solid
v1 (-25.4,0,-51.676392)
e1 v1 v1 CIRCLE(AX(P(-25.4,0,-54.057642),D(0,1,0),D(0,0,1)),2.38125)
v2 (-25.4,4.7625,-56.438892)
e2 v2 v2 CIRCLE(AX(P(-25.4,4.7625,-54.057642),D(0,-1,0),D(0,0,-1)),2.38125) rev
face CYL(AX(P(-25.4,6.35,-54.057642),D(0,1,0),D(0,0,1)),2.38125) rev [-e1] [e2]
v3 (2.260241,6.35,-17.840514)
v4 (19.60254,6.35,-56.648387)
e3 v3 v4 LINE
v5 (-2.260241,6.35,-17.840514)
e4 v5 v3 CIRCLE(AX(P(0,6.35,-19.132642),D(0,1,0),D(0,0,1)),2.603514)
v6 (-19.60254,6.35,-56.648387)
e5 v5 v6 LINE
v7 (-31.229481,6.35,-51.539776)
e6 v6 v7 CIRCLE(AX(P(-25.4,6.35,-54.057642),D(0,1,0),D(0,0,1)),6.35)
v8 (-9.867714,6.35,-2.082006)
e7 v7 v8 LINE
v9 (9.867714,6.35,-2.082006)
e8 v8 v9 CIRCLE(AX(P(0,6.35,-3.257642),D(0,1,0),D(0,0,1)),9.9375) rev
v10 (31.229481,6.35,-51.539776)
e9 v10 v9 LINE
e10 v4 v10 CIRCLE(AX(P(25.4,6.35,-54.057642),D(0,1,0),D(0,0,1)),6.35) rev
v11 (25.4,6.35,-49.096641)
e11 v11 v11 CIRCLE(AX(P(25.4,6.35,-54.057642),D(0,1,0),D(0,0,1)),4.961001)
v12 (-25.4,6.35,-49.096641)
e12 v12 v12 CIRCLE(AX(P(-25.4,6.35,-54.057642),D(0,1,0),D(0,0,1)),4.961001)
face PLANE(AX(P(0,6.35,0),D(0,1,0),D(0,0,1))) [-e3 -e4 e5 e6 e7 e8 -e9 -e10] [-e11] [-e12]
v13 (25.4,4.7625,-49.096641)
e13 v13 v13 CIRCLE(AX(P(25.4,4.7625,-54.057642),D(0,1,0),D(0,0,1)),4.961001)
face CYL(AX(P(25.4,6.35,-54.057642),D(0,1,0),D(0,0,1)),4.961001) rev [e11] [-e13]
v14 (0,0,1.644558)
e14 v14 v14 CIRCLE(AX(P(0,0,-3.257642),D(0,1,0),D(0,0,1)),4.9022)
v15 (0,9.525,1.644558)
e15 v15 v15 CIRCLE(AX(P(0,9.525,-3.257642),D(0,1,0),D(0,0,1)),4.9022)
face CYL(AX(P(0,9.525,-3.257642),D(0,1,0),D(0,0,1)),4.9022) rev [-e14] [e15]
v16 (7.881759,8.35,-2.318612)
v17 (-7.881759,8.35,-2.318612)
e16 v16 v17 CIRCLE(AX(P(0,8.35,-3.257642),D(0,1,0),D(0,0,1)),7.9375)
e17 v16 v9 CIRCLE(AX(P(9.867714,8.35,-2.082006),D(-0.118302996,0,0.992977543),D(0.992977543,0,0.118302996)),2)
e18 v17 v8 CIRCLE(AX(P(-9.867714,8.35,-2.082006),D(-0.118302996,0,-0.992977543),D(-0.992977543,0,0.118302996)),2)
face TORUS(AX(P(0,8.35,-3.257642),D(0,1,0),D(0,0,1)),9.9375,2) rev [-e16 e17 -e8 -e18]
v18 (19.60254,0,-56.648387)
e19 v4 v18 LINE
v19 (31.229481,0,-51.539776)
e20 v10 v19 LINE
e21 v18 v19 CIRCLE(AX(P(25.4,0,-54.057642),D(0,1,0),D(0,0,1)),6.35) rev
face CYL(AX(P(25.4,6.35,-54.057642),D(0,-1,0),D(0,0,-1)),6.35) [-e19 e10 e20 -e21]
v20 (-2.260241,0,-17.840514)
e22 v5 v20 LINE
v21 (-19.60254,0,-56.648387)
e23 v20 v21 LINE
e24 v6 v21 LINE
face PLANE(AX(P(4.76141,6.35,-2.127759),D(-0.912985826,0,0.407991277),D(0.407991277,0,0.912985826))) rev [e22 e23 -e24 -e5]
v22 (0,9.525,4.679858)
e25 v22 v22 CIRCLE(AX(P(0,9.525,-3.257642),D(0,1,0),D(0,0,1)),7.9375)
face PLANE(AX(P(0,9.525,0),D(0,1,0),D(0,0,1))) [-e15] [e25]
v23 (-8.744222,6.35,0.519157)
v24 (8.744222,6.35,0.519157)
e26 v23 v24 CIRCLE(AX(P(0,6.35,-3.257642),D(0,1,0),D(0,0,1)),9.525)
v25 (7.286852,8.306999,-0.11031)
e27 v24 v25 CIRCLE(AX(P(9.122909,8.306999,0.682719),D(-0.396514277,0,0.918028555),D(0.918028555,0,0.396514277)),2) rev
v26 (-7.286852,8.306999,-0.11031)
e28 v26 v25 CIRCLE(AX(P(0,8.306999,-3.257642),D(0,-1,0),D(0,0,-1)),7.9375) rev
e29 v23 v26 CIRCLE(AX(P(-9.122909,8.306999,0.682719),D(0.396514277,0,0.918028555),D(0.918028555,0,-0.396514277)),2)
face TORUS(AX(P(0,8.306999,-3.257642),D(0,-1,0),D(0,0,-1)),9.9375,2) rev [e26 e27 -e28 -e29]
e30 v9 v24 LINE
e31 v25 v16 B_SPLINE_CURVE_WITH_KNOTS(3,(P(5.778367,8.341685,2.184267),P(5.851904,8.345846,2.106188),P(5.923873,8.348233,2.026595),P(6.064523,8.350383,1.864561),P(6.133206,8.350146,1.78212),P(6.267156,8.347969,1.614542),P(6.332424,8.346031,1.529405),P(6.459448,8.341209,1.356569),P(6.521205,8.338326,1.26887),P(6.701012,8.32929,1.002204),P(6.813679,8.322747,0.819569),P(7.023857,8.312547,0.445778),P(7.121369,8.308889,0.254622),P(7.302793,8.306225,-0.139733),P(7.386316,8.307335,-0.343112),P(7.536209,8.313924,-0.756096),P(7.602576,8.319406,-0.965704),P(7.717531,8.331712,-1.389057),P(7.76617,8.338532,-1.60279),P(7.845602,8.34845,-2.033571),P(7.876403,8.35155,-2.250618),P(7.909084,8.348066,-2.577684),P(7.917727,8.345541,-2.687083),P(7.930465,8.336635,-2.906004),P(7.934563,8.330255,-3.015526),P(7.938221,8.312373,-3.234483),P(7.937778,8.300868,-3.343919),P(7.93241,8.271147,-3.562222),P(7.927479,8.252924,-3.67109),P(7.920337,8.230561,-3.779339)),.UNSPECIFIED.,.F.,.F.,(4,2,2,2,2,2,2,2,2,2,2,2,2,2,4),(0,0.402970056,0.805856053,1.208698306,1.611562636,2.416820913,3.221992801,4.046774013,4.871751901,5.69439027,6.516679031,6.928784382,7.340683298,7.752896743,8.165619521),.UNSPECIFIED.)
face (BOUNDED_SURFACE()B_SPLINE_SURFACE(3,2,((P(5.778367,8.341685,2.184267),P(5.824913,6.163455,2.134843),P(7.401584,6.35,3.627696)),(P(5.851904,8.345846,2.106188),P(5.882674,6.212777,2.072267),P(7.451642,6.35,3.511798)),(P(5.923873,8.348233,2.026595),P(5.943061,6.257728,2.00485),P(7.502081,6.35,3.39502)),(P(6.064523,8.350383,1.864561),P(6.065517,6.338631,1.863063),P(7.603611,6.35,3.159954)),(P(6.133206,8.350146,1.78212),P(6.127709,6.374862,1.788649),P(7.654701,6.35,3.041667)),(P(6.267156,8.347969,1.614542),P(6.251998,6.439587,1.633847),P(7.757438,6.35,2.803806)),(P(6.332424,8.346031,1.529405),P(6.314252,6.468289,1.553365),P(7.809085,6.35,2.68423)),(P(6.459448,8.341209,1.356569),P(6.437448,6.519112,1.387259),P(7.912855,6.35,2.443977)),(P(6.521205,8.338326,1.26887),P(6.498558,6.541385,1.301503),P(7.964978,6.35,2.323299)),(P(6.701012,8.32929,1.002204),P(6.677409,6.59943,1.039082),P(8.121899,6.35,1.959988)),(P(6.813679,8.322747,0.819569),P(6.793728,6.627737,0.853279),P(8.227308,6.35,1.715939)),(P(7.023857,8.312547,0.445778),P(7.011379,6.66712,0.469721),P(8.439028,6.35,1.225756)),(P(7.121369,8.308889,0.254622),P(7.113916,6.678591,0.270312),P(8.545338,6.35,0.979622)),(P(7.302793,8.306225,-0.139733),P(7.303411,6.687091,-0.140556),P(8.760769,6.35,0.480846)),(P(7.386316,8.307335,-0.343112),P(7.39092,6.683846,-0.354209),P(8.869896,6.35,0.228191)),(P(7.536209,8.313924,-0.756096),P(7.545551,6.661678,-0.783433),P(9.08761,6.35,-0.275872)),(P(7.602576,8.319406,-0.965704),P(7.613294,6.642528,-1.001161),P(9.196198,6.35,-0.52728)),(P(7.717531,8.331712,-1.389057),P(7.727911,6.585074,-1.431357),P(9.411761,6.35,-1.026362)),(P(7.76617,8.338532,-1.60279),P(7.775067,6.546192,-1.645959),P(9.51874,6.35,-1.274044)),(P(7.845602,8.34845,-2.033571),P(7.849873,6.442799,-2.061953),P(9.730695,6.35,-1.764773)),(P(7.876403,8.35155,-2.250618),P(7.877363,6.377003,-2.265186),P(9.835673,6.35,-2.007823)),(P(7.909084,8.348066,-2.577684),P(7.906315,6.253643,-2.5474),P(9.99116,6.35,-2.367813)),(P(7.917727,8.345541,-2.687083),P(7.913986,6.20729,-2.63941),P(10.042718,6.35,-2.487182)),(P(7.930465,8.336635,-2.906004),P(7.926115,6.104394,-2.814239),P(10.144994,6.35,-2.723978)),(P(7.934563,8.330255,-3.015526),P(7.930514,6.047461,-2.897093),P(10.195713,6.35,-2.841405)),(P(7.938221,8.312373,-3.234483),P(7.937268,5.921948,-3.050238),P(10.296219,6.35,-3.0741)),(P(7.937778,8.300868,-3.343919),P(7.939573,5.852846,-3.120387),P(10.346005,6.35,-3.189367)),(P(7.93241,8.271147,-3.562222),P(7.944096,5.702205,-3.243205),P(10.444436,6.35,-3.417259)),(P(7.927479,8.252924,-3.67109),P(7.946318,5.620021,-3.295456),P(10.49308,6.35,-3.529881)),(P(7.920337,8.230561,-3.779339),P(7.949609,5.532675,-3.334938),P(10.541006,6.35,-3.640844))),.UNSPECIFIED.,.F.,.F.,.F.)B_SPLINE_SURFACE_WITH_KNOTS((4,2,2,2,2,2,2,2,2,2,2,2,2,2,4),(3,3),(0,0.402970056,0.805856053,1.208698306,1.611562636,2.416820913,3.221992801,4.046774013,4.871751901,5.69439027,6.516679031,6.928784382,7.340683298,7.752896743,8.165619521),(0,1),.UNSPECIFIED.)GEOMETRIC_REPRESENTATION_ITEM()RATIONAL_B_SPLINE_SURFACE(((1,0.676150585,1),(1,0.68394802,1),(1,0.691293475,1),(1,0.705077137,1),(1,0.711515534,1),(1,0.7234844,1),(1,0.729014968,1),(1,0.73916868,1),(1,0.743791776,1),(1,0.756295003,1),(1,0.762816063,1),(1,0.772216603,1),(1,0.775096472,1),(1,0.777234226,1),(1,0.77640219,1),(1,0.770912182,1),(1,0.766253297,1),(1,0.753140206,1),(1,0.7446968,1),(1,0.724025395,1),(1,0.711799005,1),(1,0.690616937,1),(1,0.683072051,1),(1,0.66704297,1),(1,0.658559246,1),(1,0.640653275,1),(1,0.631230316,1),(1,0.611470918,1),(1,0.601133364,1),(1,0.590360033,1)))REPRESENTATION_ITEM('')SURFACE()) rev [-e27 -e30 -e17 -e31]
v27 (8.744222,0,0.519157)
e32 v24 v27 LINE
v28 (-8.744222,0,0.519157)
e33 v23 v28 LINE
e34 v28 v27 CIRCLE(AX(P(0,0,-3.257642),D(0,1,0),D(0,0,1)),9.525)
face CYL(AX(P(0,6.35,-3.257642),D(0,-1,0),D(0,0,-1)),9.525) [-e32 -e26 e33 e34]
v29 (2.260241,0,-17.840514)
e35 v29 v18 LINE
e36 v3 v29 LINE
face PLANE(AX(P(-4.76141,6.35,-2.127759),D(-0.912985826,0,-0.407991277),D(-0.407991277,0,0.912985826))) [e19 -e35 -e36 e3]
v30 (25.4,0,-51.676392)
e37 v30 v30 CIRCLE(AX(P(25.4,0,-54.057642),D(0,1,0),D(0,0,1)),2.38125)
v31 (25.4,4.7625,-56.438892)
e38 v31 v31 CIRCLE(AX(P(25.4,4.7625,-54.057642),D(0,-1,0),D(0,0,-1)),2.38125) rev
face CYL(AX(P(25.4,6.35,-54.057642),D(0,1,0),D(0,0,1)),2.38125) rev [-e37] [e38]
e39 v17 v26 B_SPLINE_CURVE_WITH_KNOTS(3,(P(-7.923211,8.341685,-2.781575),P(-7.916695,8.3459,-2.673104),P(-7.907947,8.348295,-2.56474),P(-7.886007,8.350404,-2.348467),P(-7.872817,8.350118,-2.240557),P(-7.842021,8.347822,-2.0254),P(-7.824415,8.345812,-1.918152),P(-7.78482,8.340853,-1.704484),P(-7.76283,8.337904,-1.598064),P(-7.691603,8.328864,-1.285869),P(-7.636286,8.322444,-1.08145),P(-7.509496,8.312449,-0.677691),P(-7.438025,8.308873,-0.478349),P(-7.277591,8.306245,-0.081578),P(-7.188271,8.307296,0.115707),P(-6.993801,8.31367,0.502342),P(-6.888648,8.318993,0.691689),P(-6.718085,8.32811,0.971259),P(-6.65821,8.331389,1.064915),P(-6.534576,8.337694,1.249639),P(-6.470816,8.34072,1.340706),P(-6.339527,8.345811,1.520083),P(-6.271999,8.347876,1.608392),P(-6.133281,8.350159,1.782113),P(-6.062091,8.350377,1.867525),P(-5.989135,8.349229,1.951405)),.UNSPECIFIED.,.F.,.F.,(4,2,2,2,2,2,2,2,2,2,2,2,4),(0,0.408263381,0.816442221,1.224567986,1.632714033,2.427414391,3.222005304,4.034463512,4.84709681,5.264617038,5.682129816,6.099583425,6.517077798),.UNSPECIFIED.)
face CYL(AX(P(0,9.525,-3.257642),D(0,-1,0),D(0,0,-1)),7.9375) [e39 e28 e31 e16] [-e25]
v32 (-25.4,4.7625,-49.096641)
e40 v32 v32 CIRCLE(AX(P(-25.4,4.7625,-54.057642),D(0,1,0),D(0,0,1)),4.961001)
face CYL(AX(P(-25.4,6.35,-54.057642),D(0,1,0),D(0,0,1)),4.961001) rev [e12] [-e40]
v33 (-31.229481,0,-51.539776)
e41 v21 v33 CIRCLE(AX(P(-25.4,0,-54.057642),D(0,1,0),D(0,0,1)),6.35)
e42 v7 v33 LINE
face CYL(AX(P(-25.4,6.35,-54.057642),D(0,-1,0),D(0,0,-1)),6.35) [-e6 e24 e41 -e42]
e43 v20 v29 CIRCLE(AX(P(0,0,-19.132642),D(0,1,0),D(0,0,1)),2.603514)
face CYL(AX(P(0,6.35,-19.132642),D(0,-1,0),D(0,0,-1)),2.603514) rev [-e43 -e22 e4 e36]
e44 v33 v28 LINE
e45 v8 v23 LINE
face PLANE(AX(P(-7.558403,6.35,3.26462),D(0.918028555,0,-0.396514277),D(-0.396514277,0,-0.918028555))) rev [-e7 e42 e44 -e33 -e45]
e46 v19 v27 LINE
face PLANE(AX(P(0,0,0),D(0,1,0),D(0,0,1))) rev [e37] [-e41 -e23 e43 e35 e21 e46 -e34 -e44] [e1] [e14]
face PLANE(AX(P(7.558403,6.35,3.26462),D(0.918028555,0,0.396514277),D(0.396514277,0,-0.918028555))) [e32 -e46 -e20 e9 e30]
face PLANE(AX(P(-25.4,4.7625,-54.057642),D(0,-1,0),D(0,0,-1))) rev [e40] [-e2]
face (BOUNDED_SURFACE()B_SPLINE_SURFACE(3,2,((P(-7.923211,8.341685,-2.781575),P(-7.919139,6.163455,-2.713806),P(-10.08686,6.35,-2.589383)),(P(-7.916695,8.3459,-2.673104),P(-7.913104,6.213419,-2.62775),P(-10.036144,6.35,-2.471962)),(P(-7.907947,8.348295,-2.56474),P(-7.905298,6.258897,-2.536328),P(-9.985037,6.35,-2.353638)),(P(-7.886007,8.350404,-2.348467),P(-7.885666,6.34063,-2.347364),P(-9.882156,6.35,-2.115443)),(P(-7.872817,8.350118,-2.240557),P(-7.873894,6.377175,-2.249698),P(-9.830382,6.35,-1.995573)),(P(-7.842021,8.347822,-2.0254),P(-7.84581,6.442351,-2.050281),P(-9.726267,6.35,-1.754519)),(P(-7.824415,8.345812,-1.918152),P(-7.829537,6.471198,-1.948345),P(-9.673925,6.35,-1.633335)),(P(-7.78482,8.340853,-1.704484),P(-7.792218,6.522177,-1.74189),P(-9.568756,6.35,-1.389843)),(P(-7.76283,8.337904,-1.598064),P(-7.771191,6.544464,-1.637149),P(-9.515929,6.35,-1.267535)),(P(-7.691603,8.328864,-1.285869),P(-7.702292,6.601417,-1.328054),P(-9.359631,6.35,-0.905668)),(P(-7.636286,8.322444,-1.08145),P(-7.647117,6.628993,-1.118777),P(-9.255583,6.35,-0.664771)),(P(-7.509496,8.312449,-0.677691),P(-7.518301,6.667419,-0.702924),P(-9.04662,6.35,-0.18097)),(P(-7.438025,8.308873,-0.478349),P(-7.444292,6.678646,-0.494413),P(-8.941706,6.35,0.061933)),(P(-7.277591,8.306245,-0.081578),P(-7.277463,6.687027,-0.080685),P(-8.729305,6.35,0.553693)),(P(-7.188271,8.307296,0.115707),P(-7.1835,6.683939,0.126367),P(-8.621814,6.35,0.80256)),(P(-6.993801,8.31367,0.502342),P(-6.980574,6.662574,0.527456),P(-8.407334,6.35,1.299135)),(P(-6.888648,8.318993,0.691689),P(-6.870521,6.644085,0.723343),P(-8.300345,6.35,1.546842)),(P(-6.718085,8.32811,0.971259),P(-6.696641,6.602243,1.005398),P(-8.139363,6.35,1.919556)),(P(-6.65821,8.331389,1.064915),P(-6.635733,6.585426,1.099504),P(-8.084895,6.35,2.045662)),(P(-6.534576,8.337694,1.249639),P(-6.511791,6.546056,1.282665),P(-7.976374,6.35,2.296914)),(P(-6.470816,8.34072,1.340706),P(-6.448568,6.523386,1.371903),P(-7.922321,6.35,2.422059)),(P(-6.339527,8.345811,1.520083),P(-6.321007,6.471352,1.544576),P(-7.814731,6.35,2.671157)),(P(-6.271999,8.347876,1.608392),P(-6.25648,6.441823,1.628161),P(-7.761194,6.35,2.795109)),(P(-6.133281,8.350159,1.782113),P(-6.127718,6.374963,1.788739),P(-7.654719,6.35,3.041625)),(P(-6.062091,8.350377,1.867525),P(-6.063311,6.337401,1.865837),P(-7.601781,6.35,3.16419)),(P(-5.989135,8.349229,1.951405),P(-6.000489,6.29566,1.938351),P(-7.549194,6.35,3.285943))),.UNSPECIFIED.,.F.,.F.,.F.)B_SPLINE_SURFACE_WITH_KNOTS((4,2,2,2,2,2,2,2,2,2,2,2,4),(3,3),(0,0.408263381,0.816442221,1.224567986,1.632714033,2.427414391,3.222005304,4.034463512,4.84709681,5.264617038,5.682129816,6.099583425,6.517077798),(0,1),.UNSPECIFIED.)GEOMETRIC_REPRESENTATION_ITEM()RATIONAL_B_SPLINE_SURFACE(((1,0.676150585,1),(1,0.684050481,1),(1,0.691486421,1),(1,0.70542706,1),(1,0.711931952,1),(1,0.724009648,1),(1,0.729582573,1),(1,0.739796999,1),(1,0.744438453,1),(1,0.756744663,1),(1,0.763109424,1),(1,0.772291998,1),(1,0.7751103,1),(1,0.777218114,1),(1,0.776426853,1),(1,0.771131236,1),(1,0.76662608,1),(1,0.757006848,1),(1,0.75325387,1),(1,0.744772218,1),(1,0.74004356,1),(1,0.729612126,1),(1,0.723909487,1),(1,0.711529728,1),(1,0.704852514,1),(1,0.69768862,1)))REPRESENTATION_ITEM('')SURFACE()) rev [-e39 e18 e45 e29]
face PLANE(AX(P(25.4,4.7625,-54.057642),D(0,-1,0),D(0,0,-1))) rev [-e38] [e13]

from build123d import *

# Parameters (mm, degrees)
SKETCH1_R                            = 7.9375
BOSS_EXTRUDE1_DEPTH                  = 6.35
F_3_16_0_1875_DIAMETER_HOLE1_D       = 4.7625
SKETCH1_3_R                          = 7.9375
BOSS_EXTRUDE2_DEPTH                  = 9.525
W_0_386_DIAMETER_HOLE1_D             = 9.8044
FILLET1_R                            = 2
F_25_64_0_39063_DIAMETER_HOLE1_D     = 9.922002
F_25_64_0_39063_DIAMETER_HOLE1_DEPTH = 1.5875


with BuildPart() as part:
    # Sketch1 → Boss-Extrude1 (new body)
    with BuildSketch(Plane(origin=(0, 0, 0), x_dir=(1, 0, 0), z_dir=(0, 1, 0))):
        with BuildLine():
            ThreePointArc((2.26024053, 17.840513709), (0, 16.529128421), (-2.26024053, 17.840513709))
            Line((-2.26024053, 17.840513709), (-19.602540008, 56.648386542))
            ThreePointArc((-19.602540008, 56.648386542), (-27.954355314, 59.871226792), (-31.229481324, 51.539776269))
            Line((-31.229481324, 51.539776269), (-8.744221986, -0.519156562))
            ThreePointArc((-8.744221986, -0.519156562), (0, -6.267358068), (8.744221986, -0.519156562))
            Line((8.744221986, -0.519156562), (31.229481324, 51.539776269))
            ThreePointArc((31.229481324, 51.539776269), (27.954355314, 59.871226792), (19.602540008, 56.648386542))
            Line((19.602540008, 56.648386542), (2.26024053, 17.840513709))
        make_face()
        with Locations(Location((0, 3.257641932, 0), (0, 0, 270))):
            Circle(SKETCH1_R, mode=Mode.SUBTRACT)
    extrude(amount=BOSS_EXTRUDE1_DEPTH)

    # 3/16 (0.1875) Diameter Hole1 (through all)
    with Locations(Plane(origin=(0, 6.35, 0), x_dir=(1, 0, 0), z_dir=(0, 1, 0))):
        with Locations((-25.4, 54.057641932), (25.4, 54.057641932)):
            Hole(F_3_16_0_1875_DIAMETER_HOLE1_D / 2)

    # Sketch1<3> → Boss-Extrude2 (add)
    with BuildSketch(Plane(origin=(0, 0, 0), x_dir=(1, 0, 0), z_dir=(0, 1, 0))):
        with Locations(Location((0, 3.257641932, 0), (0, 0, 90))):
            Circle(SKETCH1_3_R)
    extrude(amount=BOSS_EXTRUDE2_DEPTH)

    # W (0.386) Diameter Hole1 (through all)
    with Locations(Plane(origin=(0, 9.525, 0), x_dir=(1, 0, 0), z_dir=(0, 1, 0))):
        with Locations((0, 3.257641932)):
            Hole(W_0_386_DIAMETER_HOLE1_D / 2)

    # Fillet1
    fillet1_edges = [part.edges().sort_by_distance(p)[0] for p in [
        (0, 6.35, 4.679858068),
    ]]
    fillet(fillet1_edges, radius=FILLET1_R)

    # 25/64 (0.39063) Diameter Hole1
    with Locations(Plane(origin=(0, 6.35, 0), x_dir=(1, 0, 0), z_dir=(0, 1, 0))):
        with Locations((-25.4, 54.057641932), (25.4, 54.057641932)):
            Hole(F_25_64_0_39063_DIAMETER_HOLE1_D / 2, depth=F_25_64_0_39063_DIAMETER_HOLE1_DEPTH)


solid = part.part
